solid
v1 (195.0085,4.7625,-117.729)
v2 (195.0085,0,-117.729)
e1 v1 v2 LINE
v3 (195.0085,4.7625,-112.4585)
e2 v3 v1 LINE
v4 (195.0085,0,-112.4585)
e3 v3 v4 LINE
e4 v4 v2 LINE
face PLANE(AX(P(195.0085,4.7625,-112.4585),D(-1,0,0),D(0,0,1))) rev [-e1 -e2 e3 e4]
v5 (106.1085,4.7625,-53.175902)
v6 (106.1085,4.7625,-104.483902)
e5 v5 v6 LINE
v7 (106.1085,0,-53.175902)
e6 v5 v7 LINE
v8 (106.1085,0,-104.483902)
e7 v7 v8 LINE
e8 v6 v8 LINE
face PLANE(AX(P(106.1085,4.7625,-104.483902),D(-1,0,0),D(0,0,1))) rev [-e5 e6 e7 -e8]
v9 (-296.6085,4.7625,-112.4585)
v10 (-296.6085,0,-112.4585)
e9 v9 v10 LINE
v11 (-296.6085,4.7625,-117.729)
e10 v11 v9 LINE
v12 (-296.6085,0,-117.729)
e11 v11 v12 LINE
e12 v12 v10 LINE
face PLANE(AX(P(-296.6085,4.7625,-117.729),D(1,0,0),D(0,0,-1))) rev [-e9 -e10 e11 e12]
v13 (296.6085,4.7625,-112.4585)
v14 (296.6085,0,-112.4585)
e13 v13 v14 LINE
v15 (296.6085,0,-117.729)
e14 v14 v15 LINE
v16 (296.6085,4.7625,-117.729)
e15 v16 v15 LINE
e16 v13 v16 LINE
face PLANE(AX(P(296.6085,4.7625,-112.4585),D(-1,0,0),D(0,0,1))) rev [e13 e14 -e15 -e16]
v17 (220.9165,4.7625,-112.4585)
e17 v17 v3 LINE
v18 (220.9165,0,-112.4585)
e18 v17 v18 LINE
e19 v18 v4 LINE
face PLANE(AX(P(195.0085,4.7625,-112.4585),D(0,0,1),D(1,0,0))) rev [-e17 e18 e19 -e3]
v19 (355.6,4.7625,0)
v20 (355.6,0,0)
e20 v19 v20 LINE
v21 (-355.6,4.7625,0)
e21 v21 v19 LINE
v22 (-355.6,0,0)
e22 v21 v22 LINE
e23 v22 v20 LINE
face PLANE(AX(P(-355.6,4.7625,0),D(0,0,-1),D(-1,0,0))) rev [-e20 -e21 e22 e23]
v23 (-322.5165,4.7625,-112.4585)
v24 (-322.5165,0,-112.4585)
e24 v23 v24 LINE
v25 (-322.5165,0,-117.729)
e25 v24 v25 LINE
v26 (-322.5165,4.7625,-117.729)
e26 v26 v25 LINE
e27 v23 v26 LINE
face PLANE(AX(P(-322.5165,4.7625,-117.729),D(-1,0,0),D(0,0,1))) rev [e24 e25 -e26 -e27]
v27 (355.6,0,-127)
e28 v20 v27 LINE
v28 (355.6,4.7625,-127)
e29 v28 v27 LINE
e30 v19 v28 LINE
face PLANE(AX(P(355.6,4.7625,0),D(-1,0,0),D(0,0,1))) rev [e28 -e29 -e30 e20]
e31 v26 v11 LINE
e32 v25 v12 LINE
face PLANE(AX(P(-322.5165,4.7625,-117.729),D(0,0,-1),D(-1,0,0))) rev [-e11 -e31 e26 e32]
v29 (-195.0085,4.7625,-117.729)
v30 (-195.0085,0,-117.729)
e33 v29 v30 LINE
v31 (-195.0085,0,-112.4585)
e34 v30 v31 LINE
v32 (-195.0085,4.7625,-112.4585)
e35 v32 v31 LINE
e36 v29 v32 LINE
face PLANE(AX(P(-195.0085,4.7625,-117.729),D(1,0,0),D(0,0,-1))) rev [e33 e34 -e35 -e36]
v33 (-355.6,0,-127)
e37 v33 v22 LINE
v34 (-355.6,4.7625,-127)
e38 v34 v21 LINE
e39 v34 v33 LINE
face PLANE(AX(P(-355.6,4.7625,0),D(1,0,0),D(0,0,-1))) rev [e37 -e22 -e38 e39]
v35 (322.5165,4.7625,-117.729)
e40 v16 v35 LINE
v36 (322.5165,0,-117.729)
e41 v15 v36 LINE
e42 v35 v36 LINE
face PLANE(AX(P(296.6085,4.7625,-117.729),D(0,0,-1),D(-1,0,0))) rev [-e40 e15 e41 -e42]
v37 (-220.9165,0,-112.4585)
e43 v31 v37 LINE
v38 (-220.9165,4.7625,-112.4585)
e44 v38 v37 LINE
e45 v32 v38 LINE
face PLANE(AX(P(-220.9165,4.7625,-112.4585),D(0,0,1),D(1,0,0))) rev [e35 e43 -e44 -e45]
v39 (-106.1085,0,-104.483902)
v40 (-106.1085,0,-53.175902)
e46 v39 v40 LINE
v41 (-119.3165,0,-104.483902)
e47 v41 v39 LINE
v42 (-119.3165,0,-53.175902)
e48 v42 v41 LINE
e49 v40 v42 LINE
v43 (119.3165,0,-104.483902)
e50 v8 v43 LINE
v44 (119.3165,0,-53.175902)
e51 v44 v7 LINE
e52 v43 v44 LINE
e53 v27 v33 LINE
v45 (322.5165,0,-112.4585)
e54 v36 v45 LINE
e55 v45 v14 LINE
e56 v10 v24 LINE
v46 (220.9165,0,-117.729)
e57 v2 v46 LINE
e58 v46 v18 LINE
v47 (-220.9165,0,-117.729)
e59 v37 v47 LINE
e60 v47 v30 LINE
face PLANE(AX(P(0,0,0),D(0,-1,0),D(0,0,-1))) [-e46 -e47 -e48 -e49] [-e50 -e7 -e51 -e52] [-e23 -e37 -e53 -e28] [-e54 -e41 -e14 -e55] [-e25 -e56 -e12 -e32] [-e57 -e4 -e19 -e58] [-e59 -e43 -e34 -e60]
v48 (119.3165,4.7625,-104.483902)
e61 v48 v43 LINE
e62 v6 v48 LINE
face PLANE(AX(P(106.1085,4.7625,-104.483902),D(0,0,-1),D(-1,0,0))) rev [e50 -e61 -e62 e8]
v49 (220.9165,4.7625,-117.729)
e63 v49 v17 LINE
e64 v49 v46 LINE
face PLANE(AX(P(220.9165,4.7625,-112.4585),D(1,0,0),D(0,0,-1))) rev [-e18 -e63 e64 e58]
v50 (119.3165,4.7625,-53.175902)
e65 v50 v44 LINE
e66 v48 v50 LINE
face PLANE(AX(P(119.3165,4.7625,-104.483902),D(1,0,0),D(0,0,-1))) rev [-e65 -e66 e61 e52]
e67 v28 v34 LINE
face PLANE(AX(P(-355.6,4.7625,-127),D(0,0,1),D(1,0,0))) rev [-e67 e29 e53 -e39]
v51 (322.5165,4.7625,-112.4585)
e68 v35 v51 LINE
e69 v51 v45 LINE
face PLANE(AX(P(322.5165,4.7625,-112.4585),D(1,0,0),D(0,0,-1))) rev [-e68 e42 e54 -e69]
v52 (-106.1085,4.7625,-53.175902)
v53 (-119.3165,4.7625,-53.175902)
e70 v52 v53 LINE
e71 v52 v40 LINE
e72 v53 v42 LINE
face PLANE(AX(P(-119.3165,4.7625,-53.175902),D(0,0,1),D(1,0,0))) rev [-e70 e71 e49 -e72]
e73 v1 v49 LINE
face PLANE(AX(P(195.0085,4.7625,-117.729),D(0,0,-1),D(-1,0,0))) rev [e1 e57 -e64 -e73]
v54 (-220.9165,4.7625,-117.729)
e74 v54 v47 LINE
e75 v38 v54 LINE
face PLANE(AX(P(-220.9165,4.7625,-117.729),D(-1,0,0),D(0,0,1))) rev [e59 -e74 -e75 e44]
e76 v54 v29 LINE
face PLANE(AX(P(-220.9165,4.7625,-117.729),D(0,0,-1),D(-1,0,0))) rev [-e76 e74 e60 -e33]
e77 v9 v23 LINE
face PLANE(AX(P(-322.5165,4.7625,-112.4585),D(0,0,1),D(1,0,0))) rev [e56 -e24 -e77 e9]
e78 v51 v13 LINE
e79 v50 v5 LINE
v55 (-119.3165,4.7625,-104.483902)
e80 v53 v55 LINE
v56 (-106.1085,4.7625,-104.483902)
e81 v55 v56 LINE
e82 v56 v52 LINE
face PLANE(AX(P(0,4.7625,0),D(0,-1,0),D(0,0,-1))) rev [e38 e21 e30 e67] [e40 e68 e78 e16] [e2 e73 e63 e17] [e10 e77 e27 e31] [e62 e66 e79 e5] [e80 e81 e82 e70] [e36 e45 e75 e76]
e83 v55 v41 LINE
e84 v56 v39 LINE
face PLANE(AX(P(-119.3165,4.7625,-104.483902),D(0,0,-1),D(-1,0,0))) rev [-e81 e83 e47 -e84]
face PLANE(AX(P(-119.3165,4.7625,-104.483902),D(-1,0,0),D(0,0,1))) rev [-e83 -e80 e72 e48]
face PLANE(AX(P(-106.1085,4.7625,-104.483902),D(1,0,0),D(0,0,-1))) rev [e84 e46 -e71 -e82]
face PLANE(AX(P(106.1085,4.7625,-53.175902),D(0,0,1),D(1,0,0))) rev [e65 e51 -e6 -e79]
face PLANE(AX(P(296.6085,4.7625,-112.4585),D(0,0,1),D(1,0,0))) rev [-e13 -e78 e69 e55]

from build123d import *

# Parameters (mm, degrees)
SKETCH1_W           = 711.2
SKETCH1_H           = 127
BOSS_EXTRUDE1_DEPTH = 4.7625
SKETCH2_W           = 13.208
SKETCH2_H           = 51.308
CUT_EXTRUDE1_DEPTH  = 5.7625
SKETCH3_W           = 25.908
SKETCH3_H           = 5.2705
CUT_EXTRUDE2_DEPTH  = 5.7625


with BuildPart() as part:
    # Sketch1 → Boss-Extrude1 (new body)
    with BuildSketch(Plane(origin=(0, 0, 0), x_dir=(1, 0, 0), z_dir=(0, 1, 0))):
        with Locations((0, 63.5)):
            Rectangle(SKETCH1_W, SKETCH1_H)
    extrude(amount=BOSS_EXTRUDE1_DEPTH)

    # Sketch2 → Cut-Extrude1 (cut, through all)
    with BuildSketch(Plane(origin=(0, 0, 0), x_dir=(-1, 0, 0), z_dir=(0, -1, 0))):
        with Locations((-112.7125, 78.82990203)):
            Rectangle(SKETCH2_W, SKETCH2_H)
        with Locations((112.7125, 78.82990203)):
            Rectangle(SKETCH2_W, SKETCH2_H)
    extrude(amount=-CUT_EXTRUDE1_DEPTH, mode=Mode.SUBTRACT)

    # Sketch3 → Cut-Extrude2 (cut, through all)
    with BuildSketch(Plane.XZ):
        with Locations((-309.5625, -115.09375)):
            Rectangle(SKETCH3_W, SKETCH3_H)
        with Locations((-207.9625, -115.09375)):
            Rectangle(SKETCH3_W, SKETCH3_H)
        with Locations((207.9625, -115.09375)):
            Rectangle(SKETCH3_W, SKETCH3_H)
        with Locations((309.5625, -115.09375)):
            Rectangle(SKETCH3_W, SKETCH3_H)
    extrude(amount=-CUT_EXTRUDE2_DEPTH, mode=Mode.SUBTRACT)


solid = part.part
